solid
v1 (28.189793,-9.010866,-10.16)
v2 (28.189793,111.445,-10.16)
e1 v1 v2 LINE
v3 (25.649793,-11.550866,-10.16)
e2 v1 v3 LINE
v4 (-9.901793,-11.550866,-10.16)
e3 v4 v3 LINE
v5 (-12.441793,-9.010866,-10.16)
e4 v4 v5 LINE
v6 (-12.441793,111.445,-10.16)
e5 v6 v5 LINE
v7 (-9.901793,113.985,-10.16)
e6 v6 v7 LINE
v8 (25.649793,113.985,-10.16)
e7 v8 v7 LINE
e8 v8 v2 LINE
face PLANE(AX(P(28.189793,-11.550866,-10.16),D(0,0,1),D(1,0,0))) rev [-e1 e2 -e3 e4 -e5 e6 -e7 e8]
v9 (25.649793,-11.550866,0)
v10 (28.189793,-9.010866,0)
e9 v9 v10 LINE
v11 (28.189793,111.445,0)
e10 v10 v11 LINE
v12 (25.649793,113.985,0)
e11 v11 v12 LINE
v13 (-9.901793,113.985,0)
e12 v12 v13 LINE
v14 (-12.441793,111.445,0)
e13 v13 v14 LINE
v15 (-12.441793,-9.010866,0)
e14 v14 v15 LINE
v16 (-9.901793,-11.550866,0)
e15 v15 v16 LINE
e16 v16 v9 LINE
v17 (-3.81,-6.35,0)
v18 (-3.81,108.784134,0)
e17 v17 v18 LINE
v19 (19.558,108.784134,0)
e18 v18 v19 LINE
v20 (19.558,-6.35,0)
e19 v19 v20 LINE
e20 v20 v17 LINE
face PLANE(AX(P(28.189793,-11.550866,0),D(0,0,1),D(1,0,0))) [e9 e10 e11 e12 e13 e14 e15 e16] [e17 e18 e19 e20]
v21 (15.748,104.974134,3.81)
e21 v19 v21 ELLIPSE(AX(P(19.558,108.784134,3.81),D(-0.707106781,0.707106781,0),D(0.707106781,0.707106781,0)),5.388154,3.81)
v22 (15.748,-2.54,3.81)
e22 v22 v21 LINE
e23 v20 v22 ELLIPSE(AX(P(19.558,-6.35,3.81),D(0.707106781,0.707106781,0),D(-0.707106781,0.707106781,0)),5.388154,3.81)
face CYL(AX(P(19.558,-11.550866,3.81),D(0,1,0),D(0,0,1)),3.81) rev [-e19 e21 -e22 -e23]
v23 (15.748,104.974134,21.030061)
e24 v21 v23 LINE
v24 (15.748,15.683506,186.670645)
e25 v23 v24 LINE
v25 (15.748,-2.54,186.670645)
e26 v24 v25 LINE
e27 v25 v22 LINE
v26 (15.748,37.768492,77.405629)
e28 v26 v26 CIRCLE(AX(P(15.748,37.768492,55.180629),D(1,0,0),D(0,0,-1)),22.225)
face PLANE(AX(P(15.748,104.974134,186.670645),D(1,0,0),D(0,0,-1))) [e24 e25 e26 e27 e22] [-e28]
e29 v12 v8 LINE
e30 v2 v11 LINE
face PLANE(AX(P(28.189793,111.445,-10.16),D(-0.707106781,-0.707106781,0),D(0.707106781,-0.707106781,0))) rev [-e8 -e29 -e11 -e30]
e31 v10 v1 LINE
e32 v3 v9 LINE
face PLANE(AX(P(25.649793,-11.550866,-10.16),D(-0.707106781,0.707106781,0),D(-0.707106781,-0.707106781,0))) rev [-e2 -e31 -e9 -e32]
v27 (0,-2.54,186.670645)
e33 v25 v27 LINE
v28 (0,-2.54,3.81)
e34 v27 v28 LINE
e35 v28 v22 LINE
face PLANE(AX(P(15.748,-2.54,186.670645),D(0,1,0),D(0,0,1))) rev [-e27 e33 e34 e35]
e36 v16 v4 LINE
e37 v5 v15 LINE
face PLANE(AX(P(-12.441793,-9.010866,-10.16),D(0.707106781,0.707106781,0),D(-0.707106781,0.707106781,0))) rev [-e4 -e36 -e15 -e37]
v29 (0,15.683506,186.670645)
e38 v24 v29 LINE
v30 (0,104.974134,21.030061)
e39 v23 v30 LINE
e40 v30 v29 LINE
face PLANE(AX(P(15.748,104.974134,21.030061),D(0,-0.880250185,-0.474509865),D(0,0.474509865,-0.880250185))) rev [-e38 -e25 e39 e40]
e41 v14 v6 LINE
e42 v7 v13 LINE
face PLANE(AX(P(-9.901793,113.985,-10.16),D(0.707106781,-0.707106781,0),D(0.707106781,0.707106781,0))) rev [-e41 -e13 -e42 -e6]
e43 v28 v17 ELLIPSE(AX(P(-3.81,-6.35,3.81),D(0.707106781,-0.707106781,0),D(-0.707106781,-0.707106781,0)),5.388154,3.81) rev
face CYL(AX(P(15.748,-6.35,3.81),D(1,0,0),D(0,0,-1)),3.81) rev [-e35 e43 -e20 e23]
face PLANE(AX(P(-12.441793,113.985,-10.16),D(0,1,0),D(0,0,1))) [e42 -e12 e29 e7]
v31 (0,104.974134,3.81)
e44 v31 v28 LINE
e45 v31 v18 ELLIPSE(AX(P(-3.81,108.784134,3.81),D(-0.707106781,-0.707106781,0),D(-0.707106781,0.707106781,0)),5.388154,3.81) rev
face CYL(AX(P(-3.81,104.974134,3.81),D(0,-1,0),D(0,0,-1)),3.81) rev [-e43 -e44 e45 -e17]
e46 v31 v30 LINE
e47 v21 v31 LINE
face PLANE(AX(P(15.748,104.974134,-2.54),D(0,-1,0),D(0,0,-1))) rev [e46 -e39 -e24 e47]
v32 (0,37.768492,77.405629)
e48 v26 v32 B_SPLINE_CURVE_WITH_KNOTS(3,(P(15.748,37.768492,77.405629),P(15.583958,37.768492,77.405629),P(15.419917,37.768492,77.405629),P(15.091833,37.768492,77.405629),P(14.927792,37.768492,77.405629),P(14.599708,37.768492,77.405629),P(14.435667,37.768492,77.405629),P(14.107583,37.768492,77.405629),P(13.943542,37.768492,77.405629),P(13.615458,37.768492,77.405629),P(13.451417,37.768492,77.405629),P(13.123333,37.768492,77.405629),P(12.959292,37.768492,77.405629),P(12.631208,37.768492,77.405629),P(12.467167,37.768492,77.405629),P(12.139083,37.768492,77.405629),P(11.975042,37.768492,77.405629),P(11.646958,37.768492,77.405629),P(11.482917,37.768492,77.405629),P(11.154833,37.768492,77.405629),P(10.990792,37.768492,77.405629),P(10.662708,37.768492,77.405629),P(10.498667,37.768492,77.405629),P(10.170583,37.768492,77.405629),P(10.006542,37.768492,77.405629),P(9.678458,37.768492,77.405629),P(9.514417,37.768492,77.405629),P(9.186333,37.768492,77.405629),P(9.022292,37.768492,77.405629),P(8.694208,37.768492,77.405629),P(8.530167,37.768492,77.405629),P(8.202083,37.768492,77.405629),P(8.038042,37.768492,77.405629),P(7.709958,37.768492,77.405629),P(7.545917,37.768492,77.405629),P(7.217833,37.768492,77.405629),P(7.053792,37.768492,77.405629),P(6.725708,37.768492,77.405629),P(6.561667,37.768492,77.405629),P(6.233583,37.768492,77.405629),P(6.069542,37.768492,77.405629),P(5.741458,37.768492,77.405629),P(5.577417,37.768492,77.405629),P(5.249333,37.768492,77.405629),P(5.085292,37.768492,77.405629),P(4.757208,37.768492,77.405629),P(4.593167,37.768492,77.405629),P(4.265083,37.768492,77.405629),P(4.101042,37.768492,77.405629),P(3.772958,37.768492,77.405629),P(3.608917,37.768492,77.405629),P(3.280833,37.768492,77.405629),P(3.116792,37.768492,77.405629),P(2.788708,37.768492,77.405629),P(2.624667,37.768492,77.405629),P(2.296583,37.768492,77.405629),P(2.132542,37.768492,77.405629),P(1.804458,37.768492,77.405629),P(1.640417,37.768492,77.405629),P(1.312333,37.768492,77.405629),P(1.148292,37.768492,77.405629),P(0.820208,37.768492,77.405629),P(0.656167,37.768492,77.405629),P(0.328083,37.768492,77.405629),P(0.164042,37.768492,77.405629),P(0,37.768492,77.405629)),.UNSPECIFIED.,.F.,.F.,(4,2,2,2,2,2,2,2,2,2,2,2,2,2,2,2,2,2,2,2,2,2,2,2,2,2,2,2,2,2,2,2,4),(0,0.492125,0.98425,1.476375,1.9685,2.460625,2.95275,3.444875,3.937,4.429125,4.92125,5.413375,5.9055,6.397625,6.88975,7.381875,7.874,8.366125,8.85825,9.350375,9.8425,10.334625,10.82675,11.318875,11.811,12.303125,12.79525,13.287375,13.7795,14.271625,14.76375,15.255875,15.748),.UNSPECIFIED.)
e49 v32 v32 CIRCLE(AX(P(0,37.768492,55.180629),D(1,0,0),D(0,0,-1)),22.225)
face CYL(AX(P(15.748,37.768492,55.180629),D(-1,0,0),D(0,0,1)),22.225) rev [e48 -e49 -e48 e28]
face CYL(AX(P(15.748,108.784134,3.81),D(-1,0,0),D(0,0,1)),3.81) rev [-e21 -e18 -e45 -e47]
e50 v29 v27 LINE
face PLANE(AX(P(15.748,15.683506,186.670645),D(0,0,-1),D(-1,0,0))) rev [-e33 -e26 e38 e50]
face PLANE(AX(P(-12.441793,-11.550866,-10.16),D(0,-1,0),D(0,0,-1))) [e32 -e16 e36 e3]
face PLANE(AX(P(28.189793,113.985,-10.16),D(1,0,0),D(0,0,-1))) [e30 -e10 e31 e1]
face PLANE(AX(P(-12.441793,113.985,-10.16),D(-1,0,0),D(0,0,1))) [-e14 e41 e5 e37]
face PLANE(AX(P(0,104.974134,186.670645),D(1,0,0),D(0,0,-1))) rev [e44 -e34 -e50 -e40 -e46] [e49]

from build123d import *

# Parameters (mm, degrees)
EXTRUDE8_DEPTH  = 15.748
SKETCH8_R       = 22.225
EXTRUDE10_DEPTH = 215.740536803
SKETCH9_W       = 40.631586246
SKETCH9_H       = 125.535865236
EXTRUDE11_DEPTH = 10.16
CHAMFER1_SIZE   = 2.54
FILLET2_R       = 3.81


with BuildPart() as part:
    # Sketch7 → Extrude8 (new body)
    with BuildSketch(Plane(origin=(0, 0, 0), x_dir=(0, 0, -1), z_dir=(1, 0, 0))):
        Polygon((-21.030060514, 104.974134166), (-186.670645251, 15.683506456), (-186.670645251, -2.54), (2.54, -2.54), (2.54, 104.974134166), align=None)
    extrude(amount=EXTRUDE8_DEPTH)

    # Sketch8 → Extrude10 (cut, through all)
    with BuildSketch(Plane(origin=(0, 0, 0), x_dir=(0, 0, -1), z_dir=(1, 0, 0))):
        with Locations(Location((-55.180628977, 37.768492455, 0), (0, 0, 180))):
            Circle(SKETCH8_R)
    extrude(amount=EXTRUDE10_DEPTH, mode=Mode.SUBTRACT)

    # Sketch9 → Extrude11 (add)
    with BuildSketch(Plane.XY):
        with Locations((7.874, 51.217067083)):
            Rectangle(SKETCH9_W, SKETCH9_H)
    extrude(amount=-EXTRUDE11_DEPTH)

    # Chamfer1
    chamfer1_edges = [part.edges().sort_by_distance(p)[0] for p in [
        (28.189793123, 113.984999701, -5.08),
        (28.189793123, -11.550865535, -5.08),
        (-12.441793123, -11.550865535, -5.08),
        (-12.441793123, 113.984999701, -5.08),
    ]]
    chamfer(chamfer1_edges, length=CHAMFER1_SIZE)

    # Fillet2
    fillet2_edges = [part.edges().sort_by_distance(p)[0] for p in [
        (7.874, -2.54, 0),
        (15.748, 51.217067083, 0),
        (7.874, 104.974134166, 0),
        (0, 51.217067083, 0),
    ]]
    fillet(fillet2_edges, radius=FILLET2_R)


solid = part.part
